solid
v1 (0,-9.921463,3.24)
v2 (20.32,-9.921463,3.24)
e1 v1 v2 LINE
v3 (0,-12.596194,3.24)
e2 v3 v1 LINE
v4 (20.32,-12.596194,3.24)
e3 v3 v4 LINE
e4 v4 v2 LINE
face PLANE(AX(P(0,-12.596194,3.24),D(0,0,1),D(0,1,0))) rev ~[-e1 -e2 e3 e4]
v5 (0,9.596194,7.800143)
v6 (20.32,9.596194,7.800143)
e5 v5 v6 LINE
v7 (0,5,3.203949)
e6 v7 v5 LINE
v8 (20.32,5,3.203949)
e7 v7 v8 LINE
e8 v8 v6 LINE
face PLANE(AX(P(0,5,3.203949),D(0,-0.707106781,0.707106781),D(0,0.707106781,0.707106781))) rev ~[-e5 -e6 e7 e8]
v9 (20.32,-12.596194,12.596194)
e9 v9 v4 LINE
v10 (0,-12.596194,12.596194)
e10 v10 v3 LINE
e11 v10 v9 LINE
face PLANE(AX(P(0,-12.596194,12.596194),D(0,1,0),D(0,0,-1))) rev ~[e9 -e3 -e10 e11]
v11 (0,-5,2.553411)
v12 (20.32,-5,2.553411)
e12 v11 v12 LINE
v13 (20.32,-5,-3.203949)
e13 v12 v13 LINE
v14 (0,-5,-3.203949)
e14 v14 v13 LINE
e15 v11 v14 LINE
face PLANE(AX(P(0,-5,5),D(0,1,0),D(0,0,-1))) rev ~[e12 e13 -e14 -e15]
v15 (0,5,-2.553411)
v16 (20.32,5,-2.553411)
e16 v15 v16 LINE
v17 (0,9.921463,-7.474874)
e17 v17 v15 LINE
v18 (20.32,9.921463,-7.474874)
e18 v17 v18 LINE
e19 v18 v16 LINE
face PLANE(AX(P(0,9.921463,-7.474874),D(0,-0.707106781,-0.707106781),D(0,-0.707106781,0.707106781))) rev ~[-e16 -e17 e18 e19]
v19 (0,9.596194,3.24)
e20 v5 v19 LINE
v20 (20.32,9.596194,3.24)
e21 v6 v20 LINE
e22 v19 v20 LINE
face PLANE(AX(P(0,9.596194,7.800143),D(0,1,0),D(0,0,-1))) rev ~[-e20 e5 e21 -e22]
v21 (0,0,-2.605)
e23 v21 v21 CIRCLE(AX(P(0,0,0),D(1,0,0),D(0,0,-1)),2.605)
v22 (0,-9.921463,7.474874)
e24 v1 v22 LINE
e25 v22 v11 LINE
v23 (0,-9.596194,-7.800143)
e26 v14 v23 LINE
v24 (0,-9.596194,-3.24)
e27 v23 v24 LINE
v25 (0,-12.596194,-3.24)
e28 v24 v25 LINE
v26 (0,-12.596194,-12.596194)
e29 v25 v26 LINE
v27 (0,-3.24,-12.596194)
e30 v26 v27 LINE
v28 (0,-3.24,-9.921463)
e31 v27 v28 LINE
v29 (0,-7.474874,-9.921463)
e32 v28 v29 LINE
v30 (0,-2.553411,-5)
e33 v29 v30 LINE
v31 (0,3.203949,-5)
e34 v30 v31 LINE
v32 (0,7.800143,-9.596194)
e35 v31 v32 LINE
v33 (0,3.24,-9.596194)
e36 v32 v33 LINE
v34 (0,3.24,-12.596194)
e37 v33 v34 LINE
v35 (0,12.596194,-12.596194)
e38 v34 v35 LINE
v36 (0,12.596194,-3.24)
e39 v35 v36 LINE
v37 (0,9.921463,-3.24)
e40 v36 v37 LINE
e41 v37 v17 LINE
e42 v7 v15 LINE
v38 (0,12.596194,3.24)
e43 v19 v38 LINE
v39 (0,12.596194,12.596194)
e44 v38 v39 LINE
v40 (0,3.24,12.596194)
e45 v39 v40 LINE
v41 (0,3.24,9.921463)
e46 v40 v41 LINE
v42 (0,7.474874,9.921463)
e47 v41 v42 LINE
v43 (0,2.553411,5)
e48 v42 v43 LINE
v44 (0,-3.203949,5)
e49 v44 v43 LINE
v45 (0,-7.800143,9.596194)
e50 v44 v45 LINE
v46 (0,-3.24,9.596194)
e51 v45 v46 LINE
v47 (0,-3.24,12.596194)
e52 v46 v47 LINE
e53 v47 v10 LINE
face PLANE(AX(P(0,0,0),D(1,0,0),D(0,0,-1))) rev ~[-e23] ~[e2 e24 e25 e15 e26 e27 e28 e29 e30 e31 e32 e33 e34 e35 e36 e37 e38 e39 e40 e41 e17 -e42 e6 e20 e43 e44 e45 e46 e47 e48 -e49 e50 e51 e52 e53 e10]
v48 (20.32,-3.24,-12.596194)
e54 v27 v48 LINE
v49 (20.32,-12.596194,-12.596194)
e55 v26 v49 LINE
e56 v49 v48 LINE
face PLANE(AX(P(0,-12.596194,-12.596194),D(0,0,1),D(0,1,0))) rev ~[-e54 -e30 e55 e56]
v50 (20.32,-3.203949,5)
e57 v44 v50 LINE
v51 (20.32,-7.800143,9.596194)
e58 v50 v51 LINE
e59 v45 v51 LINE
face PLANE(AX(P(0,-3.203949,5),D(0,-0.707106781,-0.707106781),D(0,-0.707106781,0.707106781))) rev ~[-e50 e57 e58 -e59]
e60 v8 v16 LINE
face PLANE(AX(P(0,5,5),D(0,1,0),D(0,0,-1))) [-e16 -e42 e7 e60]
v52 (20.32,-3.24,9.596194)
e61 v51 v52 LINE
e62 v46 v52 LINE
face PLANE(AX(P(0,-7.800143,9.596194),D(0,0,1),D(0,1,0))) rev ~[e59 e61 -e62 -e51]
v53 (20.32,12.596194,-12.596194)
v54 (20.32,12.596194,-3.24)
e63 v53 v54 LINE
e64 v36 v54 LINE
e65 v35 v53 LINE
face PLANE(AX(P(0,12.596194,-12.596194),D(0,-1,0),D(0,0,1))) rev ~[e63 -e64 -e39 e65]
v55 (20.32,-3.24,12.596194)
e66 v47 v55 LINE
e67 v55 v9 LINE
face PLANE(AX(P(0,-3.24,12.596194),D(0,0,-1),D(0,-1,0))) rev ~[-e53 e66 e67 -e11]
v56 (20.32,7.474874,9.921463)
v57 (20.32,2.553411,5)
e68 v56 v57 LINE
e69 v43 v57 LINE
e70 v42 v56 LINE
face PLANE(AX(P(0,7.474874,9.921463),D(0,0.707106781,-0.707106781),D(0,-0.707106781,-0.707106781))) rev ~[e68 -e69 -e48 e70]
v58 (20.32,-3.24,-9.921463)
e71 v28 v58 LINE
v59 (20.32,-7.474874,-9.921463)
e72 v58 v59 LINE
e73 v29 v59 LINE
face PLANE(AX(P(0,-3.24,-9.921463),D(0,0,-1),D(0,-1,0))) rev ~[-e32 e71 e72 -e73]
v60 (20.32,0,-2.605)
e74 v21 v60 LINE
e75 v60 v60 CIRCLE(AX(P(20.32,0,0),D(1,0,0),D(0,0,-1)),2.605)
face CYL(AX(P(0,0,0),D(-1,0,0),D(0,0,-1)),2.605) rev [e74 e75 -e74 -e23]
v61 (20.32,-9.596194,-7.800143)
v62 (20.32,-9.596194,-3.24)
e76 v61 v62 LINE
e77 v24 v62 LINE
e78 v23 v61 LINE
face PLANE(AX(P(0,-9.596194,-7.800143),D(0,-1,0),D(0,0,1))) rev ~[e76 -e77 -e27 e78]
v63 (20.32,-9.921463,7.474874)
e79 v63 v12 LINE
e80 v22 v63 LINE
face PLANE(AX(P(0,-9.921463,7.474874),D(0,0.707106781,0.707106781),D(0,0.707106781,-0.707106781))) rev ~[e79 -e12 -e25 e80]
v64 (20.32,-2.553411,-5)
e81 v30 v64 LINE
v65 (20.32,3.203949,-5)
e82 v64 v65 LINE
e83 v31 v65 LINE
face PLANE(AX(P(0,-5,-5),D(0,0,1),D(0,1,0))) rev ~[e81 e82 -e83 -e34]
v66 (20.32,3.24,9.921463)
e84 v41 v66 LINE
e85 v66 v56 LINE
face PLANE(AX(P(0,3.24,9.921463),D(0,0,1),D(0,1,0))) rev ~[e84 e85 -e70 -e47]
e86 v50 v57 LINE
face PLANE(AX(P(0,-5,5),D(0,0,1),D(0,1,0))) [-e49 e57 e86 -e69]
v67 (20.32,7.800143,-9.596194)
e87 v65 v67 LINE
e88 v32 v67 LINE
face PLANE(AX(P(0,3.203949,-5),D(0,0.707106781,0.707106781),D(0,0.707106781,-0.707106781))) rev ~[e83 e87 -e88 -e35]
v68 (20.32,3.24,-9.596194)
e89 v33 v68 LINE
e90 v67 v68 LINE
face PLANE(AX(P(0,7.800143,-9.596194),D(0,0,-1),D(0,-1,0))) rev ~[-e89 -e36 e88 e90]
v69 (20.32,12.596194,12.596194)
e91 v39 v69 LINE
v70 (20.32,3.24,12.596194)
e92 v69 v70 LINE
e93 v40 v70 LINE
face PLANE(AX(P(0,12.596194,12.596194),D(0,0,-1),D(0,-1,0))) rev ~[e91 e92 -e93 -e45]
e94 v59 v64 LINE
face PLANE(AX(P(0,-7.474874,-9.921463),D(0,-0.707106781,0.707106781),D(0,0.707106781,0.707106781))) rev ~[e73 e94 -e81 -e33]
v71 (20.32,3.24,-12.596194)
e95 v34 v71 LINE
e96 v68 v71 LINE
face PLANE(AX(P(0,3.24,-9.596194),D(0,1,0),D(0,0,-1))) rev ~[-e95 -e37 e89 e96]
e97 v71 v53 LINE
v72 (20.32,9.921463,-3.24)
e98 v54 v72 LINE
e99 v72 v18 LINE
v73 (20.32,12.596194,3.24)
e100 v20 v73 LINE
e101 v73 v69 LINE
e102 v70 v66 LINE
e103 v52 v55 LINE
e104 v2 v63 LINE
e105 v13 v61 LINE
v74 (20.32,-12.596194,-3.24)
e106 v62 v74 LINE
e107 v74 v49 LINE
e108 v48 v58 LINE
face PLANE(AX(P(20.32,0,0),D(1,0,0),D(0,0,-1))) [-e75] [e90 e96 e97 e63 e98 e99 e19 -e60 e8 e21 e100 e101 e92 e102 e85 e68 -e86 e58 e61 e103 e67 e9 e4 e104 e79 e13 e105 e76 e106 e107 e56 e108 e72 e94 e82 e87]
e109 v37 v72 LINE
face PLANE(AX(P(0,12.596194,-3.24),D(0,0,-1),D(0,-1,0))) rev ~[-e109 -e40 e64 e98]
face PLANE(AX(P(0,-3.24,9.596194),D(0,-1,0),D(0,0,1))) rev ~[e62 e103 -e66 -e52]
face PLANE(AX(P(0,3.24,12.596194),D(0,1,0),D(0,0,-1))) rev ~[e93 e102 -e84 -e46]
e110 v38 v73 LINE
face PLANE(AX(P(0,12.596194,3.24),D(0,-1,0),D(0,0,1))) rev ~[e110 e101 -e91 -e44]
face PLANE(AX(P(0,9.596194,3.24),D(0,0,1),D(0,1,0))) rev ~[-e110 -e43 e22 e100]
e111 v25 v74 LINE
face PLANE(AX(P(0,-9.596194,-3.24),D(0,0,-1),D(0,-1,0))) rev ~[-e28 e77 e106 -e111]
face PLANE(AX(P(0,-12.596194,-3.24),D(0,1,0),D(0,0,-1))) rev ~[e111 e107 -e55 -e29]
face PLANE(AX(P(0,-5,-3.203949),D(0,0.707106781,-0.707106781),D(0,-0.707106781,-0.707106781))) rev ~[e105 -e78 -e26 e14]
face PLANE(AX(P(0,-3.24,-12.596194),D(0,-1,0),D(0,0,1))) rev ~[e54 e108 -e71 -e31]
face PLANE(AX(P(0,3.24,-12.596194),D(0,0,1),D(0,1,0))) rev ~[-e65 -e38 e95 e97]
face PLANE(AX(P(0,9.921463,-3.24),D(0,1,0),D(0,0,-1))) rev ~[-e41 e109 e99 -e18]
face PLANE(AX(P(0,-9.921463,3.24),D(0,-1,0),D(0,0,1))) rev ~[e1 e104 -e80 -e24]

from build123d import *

# Parameters (mm, degrees)
SKETCH1_R           = 2.605
BOSS_EXTRUDE1_DEPTH = 20.32
CIRPATTERN1_COUNT   = 4


with BuildPart() as part:
    # Sketch1 → Boss-Extrude1 (new body)
    with BuildSketch(Plane(origin=(0, 0, 0), x_dir=(0, 0, -1), z_dir=(1, 0, 0))):
        Polygon((5, -5), (5, 3.203948776), (9.596194078, 7.800142853), (9.596194078, 3.24), (12.596194078, 3.24), (12.596194078, 12.596194078), (3.24, 12.596194078), (3.24, 9.921463197), (7.474873734, 9.921463197), (2.553410537, 5), (-5, 5), (-5, -5), align=None)
        Circle(SKETCH1_R, mode=Mode.SUBTRACT)
    boss_extrude1 = extrude(amount=BOSS_EXTRUDE1_DEPTH)

    # CirPattern1: Boss-Extrude1 ×4 about axis
    cirpattern1_axis = Axis((0, 0, 0), (1, 0, 0))
    for i in range(1, CIRPATTERN1_COUNT):
        add(boss_extrude1.rotate(cirpattern1_axis, i * 360 / CIRPATTERN1_COUNT))


solid = part.part
